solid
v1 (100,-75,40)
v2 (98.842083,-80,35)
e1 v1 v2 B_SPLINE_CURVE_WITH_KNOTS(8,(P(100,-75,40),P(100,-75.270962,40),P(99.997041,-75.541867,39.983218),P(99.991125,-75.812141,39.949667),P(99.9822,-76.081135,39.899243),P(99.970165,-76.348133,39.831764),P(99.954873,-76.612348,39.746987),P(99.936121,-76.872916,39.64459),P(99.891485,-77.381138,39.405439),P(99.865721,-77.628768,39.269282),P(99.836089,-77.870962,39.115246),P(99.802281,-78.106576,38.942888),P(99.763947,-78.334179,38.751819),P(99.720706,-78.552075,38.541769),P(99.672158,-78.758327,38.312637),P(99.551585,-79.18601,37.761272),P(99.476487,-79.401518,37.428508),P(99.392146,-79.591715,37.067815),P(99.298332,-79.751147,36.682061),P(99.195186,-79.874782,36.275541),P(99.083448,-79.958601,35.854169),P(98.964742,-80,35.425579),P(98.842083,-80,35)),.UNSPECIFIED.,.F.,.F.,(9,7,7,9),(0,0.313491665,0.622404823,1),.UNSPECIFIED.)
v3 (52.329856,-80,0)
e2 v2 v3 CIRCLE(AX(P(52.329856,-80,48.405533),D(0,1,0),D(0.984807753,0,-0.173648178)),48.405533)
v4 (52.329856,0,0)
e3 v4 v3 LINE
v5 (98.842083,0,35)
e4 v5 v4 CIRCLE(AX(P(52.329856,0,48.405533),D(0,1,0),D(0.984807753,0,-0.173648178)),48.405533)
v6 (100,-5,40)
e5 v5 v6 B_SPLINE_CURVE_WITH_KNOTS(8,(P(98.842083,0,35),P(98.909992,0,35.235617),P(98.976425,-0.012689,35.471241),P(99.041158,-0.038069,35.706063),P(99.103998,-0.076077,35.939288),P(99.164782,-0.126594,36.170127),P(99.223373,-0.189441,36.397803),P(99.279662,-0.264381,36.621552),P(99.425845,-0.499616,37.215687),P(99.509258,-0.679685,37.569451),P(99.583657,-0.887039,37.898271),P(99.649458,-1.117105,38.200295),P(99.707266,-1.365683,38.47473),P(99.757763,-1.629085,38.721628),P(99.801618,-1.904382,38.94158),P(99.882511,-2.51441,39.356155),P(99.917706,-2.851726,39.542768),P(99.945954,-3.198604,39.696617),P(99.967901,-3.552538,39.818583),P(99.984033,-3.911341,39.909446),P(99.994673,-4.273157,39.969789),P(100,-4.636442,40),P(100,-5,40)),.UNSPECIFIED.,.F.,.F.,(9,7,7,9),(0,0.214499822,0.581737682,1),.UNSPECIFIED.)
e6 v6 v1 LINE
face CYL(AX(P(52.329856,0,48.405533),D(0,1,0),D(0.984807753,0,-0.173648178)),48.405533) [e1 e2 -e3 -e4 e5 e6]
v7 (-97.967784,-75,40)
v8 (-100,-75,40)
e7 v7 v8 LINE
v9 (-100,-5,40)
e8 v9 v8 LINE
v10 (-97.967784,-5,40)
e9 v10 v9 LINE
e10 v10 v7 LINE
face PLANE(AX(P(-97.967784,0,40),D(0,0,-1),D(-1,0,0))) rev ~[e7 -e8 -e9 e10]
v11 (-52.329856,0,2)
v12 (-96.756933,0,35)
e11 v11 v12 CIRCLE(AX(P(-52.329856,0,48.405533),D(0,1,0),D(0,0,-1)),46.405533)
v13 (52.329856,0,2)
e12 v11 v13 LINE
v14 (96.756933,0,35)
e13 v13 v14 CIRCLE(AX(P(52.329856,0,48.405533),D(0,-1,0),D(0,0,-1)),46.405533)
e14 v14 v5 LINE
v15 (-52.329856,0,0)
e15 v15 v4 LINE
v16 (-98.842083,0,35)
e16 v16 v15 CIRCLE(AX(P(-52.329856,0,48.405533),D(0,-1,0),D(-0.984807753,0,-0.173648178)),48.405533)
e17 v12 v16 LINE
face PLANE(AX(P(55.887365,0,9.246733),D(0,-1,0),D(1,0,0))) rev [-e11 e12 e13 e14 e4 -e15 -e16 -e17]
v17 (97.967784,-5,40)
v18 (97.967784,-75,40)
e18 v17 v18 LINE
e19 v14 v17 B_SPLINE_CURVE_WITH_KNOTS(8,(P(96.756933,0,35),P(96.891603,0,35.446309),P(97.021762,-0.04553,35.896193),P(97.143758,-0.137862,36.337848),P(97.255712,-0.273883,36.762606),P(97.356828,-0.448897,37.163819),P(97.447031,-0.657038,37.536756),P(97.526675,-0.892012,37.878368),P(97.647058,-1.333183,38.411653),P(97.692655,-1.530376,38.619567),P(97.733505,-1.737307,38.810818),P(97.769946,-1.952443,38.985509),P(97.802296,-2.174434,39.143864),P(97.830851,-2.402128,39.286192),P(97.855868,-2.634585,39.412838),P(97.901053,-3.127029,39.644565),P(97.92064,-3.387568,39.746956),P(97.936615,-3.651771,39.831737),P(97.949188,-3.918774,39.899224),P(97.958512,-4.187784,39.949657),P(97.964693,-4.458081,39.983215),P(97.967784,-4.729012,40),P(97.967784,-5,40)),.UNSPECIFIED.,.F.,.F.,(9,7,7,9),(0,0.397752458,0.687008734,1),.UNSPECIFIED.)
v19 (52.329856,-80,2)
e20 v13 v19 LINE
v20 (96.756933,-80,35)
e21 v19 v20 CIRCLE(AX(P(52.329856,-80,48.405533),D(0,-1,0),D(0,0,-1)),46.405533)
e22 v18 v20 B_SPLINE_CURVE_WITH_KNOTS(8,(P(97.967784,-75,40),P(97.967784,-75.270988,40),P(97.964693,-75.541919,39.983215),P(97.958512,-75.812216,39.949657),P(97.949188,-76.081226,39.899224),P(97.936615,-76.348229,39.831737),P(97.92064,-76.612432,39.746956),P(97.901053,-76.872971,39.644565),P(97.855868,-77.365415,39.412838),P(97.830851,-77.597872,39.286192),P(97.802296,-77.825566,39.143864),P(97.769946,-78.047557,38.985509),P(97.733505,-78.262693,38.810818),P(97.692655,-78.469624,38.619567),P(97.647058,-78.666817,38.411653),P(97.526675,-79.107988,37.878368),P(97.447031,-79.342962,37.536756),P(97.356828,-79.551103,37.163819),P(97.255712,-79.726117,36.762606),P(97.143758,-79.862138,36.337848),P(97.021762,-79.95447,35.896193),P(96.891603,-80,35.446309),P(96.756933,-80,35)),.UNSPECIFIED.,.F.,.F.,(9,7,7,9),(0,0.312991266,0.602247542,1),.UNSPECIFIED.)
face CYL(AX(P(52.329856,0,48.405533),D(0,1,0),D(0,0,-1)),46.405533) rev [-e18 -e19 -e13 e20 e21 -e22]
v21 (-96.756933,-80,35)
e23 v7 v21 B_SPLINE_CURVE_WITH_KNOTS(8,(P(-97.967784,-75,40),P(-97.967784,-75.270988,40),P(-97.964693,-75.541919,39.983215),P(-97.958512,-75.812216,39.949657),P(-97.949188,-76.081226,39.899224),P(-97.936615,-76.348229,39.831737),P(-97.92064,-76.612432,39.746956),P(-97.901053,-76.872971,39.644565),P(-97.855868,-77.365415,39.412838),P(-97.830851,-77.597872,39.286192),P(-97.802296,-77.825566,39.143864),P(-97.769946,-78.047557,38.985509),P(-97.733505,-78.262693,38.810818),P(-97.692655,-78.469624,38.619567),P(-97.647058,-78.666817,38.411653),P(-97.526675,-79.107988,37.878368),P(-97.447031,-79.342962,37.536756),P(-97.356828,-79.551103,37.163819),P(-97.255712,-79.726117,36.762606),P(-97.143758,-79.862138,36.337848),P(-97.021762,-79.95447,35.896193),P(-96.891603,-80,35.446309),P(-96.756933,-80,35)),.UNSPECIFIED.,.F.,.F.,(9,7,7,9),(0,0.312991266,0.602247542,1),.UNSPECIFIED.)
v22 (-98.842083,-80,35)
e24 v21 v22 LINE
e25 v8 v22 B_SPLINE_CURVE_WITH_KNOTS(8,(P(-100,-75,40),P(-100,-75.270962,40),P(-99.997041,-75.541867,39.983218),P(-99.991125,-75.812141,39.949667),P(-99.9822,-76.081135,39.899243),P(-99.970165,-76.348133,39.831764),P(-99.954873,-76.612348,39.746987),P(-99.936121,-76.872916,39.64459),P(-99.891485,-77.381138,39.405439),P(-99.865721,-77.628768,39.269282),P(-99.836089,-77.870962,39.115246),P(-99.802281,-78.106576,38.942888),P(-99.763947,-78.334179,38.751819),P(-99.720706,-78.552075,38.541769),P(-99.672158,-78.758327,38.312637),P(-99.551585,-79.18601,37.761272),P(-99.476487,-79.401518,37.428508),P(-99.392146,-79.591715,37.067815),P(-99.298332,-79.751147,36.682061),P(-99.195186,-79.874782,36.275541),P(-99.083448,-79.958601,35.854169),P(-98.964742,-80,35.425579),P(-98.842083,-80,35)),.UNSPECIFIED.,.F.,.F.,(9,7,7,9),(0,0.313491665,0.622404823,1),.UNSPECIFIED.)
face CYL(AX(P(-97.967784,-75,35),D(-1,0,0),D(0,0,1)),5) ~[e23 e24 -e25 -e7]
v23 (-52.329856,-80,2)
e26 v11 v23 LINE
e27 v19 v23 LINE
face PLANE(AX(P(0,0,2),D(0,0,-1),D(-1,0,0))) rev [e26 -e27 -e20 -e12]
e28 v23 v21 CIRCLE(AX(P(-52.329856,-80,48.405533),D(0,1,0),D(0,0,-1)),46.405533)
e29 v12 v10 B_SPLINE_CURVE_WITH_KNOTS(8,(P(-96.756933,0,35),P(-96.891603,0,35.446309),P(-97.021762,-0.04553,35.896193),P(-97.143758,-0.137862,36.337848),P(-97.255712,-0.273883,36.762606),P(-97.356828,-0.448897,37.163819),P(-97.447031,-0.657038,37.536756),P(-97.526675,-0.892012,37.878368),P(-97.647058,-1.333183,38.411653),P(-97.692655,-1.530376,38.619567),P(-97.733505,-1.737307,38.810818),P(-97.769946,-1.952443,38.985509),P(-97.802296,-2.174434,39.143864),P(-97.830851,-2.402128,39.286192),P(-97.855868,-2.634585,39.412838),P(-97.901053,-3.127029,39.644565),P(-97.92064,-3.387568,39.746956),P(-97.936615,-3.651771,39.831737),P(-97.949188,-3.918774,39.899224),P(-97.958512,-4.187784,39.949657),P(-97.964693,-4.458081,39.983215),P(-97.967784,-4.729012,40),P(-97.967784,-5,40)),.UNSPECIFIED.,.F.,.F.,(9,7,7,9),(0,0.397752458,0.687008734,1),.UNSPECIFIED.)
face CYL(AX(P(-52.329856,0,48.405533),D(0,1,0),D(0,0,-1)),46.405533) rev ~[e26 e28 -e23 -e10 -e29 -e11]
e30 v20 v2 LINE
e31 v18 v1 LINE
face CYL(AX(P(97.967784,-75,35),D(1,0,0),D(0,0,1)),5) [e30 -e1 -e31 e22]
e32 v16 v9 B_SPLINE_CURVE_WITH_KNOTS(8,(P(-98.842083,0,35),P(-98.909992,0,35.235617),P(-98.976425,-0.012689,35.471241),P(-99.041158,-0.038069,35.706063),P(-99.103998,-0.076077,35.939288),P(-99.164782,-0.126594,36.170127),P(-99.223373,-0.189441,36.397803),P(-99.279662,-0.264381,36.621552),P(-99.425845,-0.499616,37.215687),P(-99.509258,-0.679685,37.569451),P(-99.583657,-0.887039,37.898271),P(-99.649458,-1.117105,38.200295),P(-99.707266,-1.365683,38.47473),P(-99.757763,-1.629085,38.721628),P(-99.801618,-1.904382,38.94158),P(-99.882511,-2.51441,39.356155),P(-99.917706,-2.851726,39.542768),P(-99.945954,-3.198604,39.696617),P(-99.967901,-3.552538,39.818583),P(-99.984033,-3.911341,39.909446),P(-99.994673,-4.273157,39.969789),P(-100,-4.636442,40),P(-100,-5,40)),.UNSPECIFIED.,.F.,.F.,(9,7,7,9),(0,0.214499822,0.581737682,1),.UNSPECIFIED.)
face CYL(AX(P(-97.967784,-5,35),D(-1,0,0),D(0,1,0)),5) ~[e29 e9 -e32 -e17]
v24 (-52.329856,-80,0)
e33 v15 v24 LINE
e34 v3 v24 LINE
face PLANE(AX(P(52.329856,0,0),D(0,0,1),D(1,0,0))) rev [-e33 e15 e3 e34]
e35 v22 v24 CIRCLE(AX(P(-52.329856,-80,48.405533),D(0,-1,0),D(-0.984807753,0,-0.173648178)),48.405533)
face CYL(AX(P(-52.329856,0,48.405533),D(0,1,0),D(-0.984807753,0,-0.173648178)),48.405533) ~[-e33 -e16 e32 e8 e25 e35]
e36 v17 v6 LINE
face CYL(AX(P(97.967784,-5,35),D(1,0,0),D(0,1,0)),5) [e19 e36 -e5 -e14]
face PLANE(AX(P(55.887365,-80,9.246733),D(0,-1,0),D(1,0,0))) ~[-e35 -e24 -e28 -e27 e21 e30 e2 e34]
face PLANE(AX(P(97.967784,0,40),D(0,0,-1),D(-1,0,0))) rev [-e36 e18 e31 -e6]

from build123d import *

# Parameters (mm, degrees)
F1_DEPTH = 80
F3_R     = 5


with BuildPart() as f1:
    # F0 (on Front) → F1 (new body)
    with BuildSketch(Plane.XZ):
        with BuildLine():
            Line((-52.3298562962, 0), (0, 0))
            Line((0, 0), (0, 2))
            Line((0, 2), (-52.3298562962, 2))
            ThreePointArc((-52.3298562962, 2), (-82.0233760889, 12.7436715119), (-97.9677842805, 40))
            Line((-97.9677842805, 40), (-100, 40))
            ThreePointArc((-100, 40), (-83.4443328334, 11.3247433143), (-52.3298562962, 0))
        make_face()
    extrude(amount=F1_DEPTH)

    # F2: F1 across face


with BuildPart() as f1_1:
    add(f1.part)
    add(f1.part.mirror(Plane(origin=(0, -40, 1), x_dir=(0, 1, 0), z_dir=(1, 0, 0))))

    # F3
    f3_edges = [f1_1.edges().sort_by_distance(p)[0] for p in [
        (-98.983892, -80, 40),
        (-98.983892, 0, 40),
        (98.983892, -80, 40),
        (98.983892, 0, 40),
    ]]
    fillet(f3_edges, radius=F3_R)


solid = f1_1.part
